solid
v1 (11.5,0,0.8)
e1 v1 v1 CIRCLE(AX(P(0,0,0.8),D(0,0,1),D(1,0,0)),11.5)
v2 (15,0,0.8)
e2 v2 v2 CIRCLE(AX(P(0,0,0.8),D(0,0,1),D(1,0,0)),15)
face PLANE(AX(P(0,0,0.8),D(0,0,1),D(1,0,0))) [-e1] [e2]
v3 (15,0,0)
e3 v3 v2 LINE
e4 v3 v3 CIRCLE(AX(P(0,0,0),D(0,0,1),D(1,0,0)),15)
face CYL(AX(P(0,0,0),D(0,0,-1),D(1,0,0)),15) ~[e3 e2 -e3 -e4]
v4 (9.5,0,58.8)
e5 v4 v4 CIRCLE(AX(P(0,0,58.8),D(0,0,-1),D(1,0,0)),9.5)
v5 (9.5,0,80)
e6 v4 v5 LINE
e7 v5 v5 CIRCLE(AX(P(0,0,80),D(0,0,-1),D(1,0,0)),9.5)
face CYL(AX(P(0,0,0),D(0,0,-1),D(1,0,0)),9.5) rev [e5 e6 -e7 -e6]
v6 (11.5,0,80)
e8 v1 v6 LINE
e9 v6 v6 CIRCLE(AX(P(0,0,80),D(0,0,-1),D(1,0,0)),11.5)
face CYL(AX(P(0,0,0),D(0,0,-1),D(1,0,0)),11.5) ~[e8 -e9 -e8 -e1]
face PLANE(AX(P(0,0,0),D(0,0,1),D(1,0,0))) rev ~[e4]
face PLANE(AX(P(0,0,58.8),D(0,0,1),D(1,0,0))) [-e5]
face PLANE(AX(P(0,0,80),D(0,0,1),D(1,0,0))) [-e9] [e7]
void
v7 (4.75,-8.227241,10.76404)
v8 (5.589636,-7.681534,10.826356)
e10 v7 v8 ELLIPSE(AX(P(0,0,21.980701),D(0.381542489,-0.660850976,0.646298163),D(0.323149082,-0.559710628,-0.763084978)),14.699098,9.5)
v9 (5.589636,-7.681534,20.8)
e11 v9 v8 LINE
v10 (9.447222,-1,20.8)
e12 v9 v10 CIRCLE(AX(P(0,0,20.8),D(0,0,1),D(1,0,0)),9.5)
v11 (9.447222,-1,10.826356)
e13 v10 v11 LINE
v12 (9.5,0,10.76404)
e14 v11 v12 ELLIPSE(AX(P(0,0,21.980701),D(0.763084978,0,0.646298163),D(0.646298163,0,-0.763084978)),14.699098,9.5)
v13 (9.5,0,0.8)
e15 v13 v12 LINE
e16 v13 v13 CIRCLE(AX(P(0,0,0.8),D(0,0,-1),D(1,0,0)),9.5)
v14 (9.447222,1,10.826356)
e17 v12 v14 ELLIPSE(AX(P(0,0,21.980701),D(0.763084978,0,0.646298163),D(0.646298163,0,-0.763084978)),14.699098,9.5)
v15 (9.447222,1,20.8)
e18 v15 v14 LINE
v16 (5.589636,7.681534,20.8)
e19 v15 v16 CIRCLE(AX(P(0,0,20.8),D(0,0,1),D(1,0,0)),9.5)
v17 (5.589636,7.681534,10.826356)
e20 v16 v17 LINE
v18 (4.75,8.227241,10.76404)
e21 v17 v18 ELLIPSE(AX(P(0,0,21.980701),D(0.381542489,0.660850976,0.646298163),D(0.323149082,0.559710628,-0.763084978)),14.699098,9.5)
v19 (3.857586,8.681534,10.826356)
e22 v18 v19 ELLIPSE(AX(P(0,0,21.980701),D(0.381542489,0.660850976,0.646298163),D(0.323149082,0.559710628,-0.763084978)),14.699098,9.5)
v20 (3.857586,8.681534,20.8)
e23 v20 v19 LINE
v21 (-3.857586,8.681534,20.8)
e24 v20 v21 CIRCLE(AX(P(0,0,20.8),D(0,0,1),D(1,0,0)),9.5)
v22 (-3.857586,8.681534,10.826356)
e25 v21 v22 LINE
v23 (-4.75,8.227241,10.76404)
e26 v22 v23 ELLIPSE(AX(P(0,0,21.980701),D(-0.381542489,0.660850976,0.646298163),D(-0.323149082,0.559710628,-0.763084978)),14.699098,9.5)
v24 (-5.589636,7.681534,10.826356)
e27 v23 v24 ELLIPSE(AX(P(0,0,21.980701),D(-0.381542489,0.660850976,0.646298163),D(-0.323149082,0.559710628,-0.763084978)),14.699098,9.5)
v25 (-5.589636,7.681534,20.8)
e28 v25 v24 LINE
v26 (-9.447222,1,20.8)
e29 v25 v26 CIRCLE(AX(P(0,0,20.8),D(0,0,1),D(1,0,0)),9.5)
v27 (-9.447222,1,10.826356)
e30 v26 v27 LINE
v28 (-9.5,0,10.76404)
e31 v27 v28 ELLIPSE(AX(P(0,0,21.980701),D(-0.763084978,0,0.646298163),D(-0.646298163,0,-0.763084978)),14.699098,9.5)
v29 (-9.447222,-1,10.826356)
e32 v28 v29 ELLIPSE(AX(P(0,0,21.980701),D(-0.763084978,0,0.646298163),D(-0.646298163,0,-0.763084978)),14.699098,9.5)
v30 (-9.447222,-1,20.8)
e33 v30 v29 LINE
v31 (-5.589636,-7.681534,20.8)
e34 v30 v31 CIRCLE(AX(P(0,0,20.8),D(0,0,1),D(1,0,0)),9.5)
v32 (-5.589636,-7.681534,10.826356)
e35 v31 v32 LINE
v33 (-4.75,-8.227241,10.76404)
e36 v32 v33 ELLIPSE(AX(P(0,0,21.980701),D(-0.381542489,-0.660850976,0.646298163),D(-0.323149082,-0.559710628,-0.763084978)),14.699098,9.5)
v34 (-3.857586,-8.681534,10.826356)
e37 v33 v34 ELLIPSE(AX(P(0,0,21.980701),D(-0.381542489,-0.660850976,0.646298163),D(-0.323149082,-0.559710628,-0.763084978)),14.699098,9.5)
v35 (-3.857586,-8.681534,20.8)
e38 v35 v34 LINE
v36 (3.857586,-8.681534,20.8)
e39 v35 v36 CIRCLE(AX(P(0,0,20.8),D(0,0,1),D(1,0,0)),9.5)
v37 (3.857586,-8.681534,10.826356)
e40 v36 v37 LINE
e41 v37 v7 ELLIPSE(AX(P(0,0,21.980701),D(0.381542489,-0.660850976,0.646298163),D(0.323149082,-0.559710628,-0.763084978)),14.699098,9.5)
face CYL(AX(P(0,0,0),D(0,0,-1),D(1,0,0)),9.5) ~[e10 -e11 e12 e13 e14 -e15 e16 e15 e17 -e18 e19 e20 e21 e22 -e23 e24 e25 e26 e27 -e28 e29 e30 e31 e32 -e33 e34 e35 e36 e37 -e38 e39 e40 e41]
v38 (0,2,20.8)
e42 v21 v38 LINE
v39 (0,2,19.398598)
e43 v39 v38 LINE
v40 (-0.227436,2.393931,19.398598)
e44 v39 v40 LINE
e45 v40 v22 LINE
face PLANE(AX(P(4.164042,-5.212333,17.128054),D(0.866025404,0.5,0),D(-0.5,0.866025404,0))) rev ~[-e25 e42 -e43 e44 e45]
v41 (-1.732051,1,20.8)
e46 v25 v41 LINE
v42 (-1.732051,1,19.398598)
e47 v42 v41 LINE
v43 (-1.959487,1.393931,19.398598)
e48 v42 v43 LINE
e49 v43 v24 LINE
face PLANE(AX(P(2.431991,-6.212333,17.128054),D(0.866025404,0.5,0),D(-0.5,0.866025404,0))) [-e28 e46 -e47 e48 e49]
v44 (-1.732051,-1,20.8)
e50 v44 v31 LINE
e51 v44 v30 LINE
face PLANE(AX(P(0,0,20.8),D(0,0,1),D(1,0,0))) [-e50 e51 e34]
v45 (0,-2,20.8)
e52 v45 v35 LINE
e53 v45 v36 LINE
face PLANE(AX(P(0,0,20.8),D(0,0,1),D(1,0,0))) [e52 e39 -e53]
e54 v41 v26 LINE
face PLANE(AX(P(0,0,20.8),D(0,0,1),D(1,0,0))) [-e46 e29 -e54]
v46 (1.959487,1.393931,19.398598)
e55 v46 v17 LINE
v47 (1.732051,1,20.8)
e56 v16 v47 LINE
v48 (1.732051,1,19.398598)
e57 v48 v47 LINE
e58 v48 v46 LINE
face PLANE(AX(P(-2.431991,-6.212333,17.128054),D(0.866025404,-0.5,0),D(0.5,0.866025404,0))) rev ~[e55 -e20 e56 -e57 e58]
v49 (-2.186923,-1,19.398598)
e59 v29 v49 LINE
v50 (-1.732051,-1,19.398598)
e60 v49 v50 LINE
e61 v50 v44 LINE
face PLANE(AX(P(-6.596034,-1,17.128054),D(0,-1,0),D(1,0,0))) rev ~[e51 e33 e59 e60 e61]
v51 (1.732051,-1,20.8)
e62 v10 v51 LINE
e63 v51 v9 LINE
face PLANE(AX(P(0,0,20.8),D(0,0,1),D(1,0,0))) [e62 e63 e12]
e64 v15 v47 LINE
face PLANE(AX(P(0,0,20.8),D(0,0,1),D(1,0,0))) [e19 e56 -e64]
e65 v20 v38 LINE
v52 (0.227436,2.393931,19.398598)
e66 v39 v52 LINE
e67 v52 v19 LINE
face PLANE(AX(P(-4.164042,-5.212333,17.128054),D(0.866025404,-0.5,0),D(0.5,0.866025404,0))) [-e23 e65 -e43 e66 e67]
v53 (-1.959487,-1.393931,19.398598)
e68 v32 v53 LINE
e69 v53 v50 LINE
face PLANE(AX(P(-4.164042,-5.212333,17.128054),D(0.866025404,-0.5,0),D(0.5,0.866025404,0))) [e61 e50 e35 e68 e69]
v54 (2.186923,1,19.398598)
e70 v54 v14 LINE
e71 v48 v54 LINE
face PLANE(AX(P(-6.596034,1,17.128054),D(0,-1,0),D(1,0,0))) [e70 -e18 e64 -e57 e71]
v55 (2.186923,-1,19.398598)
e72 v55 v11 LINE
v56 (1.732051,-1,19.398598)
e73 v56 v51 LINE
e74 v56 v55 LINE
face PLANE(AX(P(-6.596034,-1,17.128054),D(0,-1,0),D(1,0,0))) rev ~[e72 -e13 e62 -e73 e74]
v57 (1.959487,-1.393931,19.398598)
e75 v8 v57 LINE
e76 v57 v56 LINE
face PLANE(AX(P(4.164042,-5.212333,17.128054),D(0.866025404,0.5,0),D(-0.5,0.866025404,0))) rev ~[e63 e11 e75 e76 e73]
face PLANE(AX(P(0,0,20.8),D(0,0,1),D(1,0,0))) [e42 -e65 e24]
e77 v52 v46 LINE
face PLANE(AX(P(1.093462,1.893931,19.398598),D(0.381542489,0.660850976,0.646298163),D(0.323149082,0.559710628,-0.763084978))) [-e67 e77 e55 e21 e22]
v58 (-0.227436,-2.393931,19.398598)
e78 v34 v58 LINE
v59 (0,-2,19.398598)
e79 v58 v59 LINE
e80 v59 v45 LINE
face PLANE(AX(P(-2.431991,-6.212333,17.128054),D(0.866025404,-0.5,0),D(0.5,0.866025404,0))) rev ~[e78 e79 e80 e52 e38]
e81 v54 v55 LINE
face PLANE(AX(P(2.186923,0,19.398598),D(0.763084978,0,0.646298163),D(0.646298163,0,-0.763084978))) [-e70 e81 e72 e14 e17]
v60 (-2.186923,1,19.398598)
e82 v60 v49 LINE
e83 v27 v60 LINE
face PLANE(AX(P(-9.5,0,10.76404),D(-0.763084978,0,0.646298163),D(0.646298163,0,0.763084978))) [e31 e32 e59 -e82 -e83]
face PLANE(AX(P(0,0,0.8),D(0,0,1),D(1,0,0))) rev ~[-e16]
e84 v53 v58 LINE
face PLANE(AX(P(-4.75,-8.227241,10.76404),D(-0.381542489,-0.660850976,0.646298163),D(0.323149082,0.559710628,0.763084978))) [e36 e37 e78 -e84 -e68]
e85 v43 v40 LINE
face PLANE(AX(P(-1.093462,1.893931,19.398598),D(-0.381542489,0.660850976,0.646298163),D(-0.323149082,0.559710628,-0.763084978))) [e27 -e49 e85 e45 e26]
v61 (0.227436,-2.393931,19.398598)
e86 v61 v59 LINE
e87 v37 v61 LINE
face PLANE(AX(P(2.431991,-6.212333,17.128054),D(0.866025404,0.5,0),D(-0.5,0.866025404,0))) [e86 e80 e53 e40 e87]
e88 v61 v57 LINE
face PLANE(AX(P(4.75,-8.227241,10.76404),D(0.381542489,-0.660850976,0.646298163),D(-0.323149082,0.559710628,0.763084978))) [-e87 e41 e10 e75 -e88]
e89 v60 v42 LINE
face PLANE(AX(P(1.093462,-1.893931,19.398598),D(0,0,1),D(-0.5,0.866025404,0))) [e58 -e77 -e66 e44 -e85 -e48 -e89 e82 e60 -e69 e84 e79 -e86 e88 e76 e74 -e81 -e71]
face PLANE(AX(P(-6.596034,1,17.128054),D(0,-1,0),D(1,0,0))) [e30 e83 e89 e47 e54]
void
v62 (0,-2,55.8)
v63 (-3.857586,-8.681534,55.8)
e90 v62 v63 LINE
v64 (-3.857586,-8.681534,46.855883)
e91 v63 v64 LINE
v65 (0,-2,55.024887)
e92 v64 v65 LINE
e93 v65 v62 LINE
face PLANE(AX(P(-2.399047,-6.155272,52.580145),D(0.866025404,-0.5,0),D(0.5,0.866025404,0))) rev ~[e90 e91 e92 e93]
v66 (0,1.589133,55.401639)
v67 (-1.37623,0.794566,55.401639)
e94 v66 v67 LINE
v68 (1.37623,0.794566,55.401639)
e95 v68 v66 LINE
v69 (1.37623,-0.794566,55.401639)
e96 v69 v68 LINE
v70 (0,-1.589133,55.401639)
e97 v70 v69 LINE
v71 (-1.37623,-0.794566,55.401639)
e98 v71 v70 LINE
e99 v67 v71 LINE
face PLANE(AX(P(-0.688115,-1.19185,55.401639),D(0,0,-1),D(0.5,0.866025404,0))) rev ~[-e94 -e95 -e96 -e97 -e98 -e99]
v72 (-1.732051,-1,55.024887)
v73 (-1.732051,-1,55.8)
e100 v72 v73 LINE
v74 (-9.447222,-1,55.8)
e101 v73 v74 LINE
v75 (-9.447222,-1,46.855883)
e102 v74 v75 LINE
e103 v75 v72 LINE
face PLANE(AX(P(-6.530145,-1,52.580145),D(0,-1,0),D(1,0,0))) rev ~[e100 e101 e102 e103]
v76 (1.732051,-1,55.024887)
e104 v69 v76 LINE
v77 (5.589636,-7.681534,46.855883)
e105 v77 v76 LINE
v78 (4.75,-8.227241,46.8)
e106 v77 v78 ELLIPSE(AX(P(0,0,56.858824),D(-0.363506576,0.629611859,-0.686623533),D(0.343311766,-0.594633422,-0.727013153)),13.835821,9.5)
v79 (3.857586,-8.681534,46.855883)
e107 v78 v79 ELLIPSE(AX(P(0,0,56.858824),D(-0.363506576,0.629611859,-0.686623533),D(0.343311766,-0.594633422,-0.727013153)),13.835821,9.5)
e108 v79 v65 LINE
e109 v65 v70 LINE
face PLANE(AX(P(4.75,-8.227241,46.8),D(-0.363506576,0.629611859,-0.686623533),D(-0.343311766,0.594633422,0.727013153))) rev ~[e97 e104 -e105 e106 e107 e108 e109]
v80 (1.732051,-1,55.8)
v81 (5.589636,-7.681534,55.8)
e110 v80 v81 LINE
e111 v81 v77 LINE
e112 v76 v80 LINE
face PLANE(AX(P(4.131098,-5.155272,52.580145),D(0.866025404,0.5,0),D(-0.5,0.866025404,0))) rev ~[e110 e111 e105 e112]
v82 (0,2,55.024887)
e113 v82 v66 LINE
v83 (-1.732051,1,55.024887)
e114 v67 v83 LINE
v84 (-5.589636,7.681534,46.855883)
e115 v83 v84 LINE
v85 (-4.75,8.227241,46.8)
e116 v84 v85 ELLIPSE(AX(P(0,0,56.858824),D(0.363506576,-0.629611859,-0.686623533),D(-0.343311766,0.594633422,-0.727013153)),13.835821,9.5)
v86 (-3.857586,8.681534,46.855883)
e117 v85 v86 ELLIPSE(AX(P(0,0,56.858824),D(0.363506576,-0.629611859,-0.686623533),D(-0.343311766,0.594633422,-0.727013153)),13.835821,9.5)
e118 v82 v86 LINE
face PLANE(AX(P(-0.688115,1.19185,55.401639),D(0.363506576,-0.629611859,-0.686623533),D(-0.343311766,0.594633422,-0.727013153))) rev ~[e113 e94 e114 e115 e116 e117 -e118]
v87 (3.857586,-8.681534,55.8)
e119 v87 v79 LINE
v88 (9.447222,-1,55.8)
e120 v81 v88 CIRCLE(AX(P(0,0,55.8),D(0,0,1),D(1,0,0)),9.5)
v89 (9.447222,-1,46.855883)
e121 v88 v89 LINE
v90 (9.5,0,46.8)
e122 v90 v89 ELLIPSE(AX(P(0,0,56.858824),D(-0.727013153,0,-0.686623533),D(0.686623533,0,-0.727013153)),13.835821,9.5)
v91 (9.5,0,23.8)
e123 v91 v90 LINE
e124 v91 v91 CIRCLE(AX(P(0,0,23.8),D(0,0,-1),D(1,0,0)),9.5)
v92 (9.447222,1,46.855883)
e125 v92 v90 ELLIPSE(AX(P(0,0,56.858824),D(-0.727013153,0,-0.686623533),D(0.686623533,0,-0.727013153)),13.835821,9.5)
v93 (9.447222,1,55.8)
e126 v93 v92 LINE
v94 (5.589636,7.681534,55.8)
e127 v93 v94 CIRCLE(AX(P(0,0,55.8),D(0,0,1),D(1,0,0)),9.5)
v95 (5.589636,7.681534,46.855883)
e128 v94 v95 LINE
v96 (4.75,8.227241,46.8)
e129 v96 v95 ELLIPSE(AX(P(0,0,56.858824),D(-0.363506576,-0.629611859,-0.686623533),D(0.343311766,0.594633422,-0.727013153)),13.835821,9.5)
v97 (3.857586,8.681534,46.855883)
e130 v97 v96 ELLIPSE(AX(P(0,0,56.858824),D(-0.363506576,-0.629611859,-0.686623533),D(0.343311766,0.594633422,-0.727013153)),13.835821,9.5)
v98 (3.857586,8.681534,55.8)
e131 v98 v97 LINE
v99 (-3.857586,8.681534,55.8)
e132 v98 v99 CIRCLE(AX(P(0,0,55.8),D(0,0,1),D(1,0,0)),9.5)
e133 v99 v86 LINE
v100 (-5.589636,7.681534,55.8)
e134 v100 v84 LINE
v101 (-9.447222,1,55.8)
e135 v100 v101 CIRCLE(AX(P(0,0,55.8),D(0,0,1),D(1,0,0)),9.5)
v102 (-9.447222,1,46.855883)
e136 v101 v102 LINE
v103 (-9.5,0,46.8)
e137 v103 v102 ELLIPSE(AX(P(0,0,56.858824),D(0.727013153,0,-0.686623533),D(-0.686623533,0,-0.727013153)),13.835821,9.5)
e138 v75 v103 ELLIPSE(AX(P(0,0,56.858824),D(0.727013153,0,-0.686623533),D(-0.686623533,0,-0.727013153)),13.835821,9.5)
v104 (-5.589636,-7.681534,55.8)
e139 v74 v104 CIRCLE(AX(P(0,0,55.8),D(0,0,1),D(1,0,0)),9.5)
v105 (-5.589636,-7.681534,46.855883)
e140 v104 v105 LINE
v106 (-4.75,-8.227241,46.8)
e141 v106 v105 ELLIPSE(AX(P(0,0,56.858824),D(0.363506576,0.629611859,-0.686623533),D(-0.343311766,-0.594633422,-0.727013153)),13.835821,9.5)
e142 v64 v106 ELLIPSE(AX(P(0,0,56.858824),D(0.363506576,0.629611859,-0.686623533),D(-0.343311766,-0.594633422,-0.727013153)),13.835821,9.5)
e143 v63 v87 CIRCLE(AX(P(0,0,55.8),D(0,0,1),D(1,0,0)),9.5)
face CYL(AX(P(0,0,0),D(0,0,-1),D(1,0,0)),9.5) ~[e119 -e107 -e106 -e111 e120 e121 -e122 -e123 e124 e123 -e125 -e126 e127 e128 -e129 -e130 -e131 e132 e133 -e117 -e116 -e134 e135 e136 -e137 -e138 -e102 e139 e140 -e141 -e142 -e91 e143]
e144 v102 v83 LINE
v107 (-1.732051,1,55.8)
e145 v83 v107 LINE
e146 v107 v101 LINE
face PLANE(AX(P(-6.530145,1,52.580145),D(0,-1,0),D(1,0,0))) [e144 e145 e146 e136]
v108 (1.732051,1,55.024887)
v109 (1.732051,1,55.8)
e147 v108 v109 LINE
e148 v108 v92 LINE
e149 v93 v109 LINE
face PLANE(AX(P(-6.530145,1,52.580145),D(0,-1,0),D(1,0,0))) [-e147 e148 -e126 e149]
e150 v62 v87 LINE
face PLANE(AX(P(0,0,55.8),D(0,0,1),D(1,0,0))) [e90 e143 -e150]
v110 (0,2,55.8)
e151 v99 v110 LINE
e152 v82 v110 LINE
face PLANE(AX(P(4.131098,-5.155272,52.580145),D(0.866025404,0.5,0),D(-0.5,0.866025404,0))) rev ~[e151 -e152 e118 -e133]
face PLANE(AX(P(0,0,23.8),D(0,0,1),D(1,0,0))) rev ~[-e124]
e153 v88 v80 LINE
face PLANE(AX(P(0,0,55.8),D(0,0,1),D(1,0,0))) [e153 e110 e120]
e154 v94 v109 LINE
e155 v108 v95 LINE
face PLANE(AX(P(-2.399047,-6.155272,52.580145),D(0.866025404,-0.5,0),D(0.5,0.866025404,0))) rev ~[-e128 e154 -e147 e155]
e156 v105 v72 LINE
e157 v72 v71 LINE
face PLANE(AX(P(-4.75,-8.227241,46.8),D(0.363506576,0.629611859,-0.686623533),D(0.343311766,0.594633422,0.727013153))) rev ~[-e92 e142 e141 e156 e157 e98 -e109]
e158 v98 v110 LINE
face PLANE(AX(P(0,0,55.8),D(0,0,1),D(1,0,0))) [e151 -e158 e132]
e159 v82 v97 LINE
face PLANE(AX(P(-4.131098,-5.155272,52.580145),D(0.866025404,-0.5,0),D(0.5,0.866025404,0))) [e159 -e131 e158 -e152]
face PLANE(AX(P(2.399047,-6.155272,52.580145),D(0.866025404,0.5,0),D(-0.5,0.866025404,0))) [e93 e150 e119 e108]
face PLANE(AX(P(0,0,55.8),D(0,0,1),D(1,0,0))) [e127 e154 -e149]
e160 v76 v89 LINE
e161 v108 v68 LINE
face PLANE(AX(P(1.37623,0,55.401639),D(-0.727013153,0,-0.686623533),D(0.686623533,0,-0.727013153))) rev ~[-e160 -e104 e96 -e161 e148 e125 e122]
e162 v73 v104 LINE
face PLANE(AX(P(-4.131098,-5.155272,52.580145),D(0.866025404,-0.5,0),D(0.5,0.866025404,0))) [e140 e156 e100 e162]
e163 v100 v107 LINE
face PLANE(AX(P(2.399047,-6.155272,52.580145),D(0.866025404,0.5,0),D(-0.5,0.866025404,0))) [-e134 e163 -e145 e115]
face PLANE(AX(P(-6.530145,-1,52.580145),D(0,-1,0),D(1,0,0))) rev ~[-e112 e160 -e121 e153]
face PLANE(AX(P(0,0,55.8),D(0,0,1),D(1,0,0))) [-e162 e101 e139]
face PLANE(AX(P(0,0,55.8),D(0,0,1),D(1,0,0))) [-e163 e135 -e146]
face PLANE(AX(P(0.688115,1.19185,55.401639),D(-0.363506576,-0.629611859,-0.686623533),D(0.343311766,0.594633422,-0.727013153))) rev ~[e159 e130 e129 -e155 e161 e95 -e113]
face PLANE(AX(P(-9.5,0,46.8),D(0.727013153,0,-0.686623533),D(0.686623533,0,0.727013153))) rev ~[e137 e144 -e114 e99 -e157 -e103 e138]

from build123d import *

# Parameters (mm, degrees)
F0_R      = 15
F0_R_2    = 11.5
F1_DEPTH  = 0.8
F0_R_3    = 9.5
F2_DEPTH  = 80
F4_R      = 9.5
F5_DEPTH  = 3
F7_R      = 9.5
F8_DEPTH  = 3
F10_DEPTH = 1
F11_COUNT = 3
F11_ANGLE = 120


with BuildPart() as f1:
    # F0 (on Top) → F1 (new body)
    with BuildSketch(Plane.XY):
        Circle(F0_R)
        Circle(F0_R_2, mode=Mode.SUBTRACT)
    extrude(amount=F1_DEPTH)



with BuildPart() as f1b:
    # F0 (on Top) → F1, piece 2 (new body)
    with BuildSketch(Plane.XY):
        Circle(F0_R_3)
    extrude(amount=F1_DEPTH)


with BuildPart() as f1_1:
    add(f1.part)

    add(f1b.part)  # F2 merges F1b
    # F0 (on Top) → F2 (join)
    with BuildSketch(Plane.XY):
        Circle(F0_R_2)
        Circle(F0_R_3, mode=Mode.SUBTRACT)
    extrude(amount=F2_DEPTH)

    # F4 (on offset) → F5 (join)
    with BuildSketch(Plane.XY.offset(20.8)):
        Circle(F4_R)
    extrude(amount=F5_DEPTH)

    # F7 (on offset) → F8 (join)
    with BuildSketch(Plane.XY.offset(58.8)):
        Circle(F7_R)
    extrude(amount=-F8_DEPTH)

    # F9 (on Front) → F10 (join, symmetric)
    with BuildSketch(Plane.XZ):
        Polygon((-1, 20.8), (-9.5, 20.8), (-9.5, 10.7640403081), (-2.1869234638, 19.3985981129), align=None)
        Polygon((0, 20.8), (-1, 20.8), (-2.1869234638, 19.3985981129), (0, 19.3985981129), (2.1869234638, 19.3985981129), (1, 20.8), align=None)
        Polygon((9.5, 20.8), (1, 20.8), (2.1869234638, 19.3985981129), (9.5, 10.7640403081), align=None)
        Polygon((-1.3762295453, 55.4016393049), (-1, 55.8), (-9.5, 55.8), (-9.5, 46.8), align=None)
        Polygon((0, 55.8), (-1, 55.8), (-1.3762295453, 55.4016393049), (0, 55.4016393049), (1.3762295453, 55.4016393049), (1, 55.8), align=None)
        Polygon((9.5, 55.8), (1, 55.8), (1.3762295453, 55.4016393049), (9.5, 46.8), align=None)
    extrude(amount=F10_DEPTH, both=True)

    # F11: F1 ×3 about axis
    f11_axis = Axis((0, 0, 50), (0, 0, 1))


with BuildPart() as f1_2:
    add(f1_1.part)
    for i in range(1, F11_COUNT):
        add(f1_1.part.rotate(f11_axis, i * F11_ANGLE / (F11_COUNT - 1)))


solid = f1_2.part
